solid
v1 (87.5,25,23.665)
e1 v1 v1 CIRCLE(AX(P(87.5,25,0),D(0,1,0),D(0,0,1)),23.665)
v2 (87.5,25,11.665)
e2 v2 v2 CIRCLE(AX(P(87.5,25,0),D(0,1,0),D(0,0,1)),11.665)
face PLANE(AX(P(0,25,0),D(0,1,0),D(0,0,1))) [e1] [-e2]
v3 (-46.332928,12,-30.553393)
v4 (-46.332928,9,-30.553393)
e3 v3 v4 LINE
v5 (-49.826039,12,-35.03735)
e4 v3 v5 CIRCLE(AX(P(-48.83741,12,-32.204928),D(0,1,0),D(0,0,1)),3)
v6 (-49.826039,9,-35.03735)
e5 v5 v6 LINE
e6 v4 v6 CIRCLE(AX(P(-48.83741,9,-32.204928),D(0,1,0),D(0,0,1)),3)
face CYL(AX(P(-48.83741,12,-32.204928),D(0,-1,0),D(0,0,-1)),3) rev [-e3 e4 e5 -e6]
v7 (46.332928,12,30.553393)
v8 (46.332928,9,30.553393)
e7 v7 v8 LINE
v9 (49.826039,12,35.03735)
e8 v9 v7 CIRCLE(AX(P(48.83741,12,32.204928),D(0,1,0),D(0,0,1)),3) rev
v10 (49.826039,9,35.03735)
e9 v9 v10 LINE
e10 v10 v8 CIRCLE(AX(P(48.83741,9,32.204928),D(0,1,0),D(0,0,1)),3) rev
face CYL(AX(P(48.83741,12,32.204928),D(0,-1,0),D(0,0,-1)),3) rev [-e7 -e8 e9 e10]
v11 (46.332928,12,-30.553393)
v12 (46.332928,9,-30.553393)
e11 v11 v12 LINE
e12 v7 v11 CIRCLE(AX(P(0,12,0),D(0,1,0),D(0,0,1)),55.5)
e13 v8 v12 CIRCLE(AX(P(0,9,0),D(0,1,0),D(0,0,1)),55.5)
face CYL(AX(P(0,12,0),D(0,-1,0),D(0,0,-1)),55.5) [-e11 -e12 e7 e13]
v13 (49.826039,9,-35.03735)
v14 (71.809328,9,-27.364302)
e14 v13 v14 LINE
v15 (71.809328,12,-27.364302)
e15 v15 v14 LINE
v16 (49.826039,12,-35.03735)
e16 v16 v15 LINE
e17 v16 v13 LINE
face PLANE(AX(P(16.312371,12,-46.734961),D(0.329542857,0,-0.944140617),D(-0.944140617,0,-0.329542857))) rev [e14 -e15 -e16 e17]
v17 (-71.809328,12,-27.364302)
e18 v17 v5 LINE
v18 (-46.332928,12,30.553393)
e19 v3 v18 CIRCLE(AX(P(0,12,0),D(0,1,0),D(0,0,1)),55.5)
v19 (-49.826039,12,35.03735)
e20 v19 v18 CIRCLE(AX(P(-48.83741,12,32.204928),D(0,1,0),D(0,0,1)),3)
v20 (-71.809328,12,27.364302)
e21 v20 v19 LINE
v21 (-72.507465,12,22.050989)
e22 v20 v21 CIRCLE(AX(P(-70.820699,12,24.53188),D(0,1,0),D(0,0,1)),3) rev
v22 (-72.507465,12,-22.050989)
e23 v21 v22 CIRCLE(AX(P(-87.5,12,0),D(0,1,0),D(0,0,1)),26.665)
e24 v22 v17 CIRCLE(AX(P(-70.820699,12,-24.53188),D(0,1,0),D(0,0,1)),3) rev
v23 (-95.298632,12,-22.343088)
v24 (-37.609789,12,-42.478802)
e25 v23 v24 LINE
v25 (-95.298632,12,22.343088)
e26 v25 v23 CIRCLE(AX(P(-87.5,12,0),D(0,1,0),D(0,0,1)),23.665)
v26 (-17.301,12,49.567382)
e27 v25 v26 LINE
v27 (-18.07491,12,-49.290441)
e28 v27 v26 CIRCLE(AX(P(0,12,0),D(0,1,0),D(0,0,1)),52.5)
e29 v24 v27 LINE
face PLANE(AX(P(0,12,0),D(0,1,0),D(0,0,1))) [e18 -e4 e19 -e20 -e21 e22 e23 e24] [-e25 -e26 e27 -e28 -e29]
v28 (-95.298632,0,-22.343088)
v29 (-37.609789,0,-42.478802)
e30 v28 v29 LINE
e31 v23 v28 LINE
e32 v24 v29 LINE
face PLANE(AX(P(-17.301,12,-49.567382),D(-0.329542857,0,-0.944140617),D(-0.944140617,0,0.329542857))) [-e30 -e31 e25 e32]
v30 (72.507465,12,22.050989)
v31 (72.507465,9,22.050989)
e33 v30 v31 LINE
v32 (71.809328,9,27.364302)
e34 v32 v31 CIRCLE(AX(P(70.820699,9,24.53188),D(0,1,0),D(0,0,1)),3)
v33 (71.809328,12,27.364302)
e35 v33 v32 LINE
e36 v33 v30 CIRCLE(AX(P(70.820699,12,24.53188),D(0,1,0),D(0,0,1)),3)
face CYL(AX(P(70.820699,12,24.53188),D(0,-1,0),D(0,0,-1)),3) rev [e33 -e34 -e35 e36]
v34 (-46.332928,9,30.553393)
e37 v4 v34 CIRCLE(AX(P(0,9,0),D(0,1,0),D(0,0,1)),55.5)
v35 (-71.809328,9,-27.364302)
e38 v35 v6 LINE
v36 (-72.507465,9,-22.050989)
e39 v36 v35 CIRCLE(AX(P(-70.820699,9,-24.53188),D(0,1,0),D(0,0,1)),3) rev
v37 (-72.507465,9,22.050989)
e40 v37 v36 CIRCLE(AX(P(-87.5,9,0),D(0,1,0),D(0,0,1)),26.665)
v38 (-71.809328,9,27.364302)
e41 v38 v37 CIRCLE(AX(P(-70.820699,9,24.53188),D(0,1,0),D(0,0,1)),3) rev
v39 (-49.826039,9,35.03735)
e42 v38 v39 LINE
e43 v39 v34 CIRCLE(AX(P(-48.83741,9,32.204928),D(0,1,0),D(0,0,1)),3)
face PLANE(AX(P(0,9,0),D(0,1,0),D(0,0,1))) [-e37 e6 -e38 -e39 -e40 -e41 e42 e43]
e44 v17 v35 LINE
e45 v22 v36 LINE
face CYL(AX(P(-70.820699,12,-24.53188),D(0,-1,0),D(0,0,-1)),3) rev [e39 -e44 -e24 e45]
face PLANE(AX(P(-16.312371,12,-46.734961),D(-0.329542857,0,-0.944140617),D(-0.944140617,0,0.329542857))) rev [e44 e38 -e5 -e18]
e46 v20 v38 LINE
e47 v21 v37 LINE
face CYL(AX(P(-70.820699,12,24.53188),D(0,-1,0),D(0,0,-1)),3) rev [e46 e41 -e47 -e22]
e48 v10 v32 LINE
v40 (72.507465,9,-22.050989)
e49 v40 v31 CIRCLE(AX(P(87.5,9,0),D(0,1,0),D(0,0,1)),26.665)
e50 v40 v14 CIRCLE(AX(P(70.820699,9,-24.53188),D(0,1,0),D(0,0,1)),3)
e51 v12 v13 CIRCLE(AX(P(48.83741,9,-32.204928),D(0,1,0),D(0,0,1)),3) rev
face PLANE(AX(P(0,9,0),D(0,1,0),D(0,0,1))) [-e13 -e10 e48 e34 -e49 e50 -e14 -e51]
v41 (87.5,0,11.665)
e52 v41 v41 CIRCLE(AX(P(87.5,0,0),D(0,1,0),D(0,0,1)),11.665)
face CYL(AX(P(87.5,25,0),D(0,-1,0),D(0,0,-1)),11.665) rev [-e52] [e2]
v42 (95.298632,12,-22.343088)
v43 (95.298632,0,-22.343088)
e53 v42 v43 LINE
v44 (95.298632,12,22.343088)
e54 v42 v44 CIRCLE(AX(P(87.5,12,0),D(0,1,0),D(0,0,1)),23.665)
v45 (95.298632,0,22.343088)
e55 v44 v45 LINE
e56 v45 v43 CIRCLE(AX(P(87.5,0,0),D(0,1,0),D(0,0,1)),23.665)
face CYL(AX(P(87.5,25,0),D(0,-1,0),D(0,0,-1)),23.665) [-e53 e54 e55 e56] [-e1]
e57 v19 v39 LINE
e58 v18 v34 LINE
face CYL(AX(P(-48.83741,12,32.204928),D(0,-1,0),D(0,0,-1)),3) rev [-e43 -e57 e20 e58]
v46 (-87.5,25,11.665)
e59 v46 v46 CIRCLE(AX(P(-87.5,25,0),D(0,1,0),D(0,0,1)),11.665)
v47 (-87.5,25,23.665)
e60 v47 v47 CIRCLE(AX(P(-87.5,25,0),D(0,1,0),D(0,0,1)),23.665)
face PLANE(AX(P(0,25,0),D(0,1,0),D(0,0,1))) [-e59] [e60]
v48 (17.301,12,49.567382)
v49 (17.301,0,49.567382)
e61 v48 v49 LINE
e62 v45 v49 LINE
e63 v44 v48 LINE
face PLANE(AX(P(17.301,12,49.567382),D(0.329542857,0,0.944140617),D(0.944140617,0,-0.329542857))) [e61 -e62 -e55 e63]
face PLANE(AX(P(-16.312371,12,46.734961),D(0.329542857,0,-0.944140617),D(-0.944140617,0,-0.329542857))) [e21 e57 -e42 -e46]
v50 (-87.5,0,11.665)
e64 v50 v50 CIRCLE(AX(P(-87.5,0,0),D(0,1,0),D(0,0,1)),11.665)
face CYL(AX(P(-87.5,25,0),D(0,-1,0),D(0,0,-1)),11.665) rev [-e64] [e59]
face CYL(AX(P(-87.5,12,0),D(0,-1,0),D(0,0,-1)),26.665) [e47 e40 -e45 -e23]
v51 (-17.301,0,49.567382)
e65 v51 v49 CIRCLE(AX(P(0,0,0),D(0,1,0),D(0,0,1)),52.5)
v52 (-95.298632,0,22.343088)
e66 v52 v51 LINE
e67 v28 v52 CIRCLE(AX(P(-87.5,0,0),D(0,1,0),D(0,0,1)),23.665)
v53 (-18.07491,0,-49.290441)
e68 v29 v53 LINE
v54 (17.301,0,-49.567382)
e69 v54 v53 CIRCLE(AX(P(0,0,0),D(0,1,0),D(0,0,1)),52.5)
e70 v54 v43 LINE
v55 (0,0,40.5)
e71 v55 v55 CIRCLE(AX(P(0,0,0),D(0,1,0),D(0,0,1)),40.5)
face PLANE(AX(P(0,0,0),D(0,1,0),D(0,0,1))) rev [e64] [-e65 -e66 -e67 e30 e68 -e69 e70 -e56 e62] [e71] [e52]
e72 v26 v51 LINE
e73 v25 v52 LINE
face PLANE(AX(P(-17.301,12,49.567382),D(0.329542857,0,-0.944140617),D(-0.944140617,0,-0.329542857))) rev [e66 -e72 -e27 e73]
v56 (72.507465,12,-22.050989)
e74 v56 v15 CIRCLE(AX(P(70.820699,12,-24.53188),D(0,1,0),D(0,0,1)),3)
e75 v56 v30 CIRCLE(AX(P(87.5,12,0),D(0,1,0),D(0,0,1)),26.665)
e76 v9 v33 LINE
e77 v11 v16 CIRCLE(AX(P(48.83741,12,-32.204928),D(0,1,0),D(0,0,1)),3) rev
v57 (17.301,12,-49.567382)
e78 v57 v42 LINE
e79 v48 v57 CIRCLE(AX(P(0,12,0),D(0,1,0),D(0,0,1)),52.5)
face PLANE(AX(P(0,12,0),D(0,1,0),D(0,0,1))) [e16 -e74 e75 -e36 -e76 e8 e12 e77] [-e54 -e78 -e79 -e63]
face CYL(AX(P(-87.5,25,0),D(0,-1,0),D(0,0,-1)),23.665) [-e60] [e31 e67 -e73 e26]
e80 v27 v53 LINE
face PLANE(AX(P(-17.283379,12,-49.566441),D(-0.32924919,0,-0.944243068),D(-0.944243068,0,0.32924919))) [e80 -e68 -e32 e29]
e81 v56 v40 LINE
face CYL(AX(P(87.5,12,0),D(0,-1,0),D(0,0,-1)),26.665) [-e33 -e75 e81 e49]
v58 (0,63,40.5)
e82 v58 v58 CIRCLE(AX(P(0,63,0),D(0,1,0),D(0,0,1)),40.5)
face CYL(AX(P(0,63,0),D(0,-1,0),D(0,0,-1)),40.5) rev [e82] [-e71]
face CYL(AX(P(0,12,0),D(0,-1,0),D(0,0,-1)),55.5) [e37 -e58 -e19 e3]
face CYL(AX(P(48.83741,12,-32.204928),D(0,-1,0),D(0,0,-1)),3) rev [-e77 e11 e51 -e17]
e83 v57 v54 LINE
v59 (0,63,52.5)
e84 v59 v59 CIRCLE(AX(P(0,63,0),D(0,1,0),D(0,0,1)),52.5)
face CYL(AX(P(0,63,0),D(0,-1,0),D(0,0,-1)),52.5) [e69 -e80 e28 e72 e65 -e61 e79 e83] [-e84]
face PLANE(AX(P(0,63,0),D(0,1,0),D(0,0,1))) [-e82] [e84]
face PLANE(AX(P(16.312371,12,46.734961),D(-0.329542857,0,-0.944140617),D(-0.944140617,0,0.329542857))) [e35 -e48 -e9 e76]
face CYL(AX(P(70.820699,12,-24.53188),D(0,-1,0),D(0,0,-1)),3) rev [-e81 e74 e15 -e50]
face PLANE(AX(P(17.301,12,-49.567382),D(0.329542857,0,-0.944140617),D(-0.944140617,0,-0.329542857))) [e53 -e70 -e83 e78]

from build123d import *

# Parameters (mm, degrees)
BOSS_EXTRUDE1_DEPTH = 12
BOSS_EXTRUDE2_DEPTH = 9
BOSS_EXTRUDE3_DEPTH = 12
SKETCH1_5_R         = 40.5
BOSS_EXTRUDE4_DEPTH = 63
SKETCH1_6_R         = 23.665
SKETCH1_6_R_2       = 11.665
BOSS_EXTRUDE5_DEPTH = 25


with BuildPart() as part:
    # Sketch1 → Boss-Extrude1 (new body)
    with BuildSketch(Plane(origin=(0, 0, 0), x_dir=(1, 0, 0), z_dir=(0, 1, 0))):
        with BuildLine():
            Line((95.298631714, 22.343087709), (17.301, 49.56738241))
            ThreePointArc((17.301, 49.56738241), (42.805096075, 30.396936523), (52.5, 0))
            ThreePointArc((52.5, 0), (42.805096075, -30.396936523), (17.301, -49.56738241))
            Line((17.301, -49.56738241), (95.298631714, -22.343087709))
            ThreePointArc((95.298631714, -22.343087709), (63.835, 0), (95.298631714, 22.343087709))
        make_face()
        with BuildLine():
            Line((71.809327621, -27.364302024), (49.82603874, -35.037349549))
            ThreePointArc((49.82603874, -35.037349549), (46.470783868, -34.048587089), (46.332927596, -30.553392944))
            ThreePointArc((46.332927596, -30.553392944), (55.5, 0), (46.332927596, 30.553392944))
            ThreePointArc((46.332927596, 30.553392944), (46.470783868, 34.048587089), (49.82603874, 35.037349549))
            Line((49.82603874, 35.037349549), (71.809327621, 27.364302024))
            ThreePointArc((71.809327621, 27.364302024), (73.795133067, 24.922702734), (72.507464694, 22.050988869))
            ThreePointArc((72.507464694, 22.050988869), (60.835, 0), (72.507464694, -22.050988869))
            ThreePointArc((72.507464694, -22.050988869), (73.795133067, -24.922702734), (71.809327621, -27.364302024))
        make_face(mode=Mode.SUBTRACT)
    extrude(amount=BOSS_EXTRUDE1_DEPTH)

    # Sketch1<3> → Boss-Extrude2 (add)
    with BuildSketch(Plane(origin=(0, 0, 0), x_dir=(1, 0, 0), z_dir=(0, 1, 0))):
        with BuildLine():
            Line((-49.82603874, 35.037349549), (-71.809327621, 27.364302024))
            ThreePointArc((-71.809327621, 27.364302024), (-73.795133067, 24.922702734), (-72.507464694, 22.050988869))
            ThreePointArc((-72.507464694, 22.050988869), (-60.835, 0), (-72.507464694, -22.050988869))
            ThreePointArc((-72.507464694, -22.050988869), (-73.795133067, -24.922702734), (-71.809327621, -27.364302024))
            Line((-71.809327621, -27.364302024), (-49.82603874, -35.037349549))
            ThreePointArc((-49.82603874, -35.037349549), (-46.470783868, -34.048587089), (-46.332927596, -30.553392944))
            ThreePointArc((-46.332927596, -30.553392944), (-55.5, 0), (-46.332927596, 30.553392944))
            ThreePointArc((-46.332927596, 30.553392944), (-46.470783868, 34.048587089), (-49.82603874, 35.037349549))
        make_face()
        with BuildLine():
            ThreePointArc((46.332927596, -30.553392944), (46.470783868, -34.048587089), (49.82603874, -35.037349549))
            Line((49.82603874, -35.037349549), (71.809327621, -27.364302024))
            ThreePointArc((71.809327621, -27.364302024), (73.795133067, -24.922702734), (72.507464694, -22.050988869))
            ThreePointArc((72.507464694, -22.050988869), (60.835, 0), (72.507464694, 22.050988869))
            ThreePointArc((72.507464694, 22.050988869), (73.795133067, 24.922702734), (71.809327621, 27.364302024))
            Line((71.809327621, 27.364302024), (49.82603874, 35.037349549))
            ThreePointArc((49.82603874, 35.037349549), (46.470783868, 34.048587089), (46.332927596, 30.553392944))
            ThreePointArc((46.332927596, 30.553392944), (55.5, 0), (46.332927596, -30.553392944))
        make_face()
    extrude(amount=BOSS_EXTRUDE2_DEPTH)


with BuildPart() as boss_extrude2_piece_1:
    # of the separate pieces the step leaves, piece 1, a body of its own (boss_extrude2_pieces)
    add(part.part.solids().sort_by_distance((17.301, 0, 49.56738241))[0])



with BuildPart() as boss_extrude2_piece_2:
    # of the separate pieces the step leaves, piece 2, a body of its own (boss_extrude2_pieces)
    add(part.part.solids().sort_by_distance((-46.332927596, 0, -30.553392944))[0])

    # Sketch1<4> → Boss-Extrude3 (add)
    with BuildSketch(Plane(origin=(0, 0, 0), x_dir=(1, 0, 0), z_dir=(0, 1, 0))):
        with BuildLine():
            Line((-37.609789084, 42.478802323), (-95.298631714, 22.343087709))
            ThreePointArc((-95.298631714, 22.343087709), (-73.798218994, 19.29490664), (-63.835, 0))
            ThreePointArc((-63.835, 0), (-73.798218994, -19.29490664), (-95.298631714, -22.343087709))
            Line((-95.298631714, -22.343087709), (-17.301, -49.56738241))
            ThreePointArc((-17.301, -49.56738241), (-52.498391324, -0.410984604), (-18.074910259, 49.290441458))
            Line((-18.074910259, 49.290441458), (-37.609789084, 42.478802323))
        make_face()
        with BuildLine():
            ThreePointArc((-72.507464694, 22.050988869), (-73.795133067, 24.922702734), (-71.809327621, 27.364302024))
            Line((-71.809327621, 27.364302024), (-49.82603874, 35.037349549))
            ThreePointArc((-49.82603874, 35.037349549), (-46.470783868, 34.048587089), (-46.332927596, 30.553392944))
            ThreePointArc((-46.332927596, 30.553392944), (-55.5, 0), (-46.332927596, -30.553392944))
            ThreePointArc((-46.332927596, -30.553392944), (-46.470783868, -34.048587089), (-49.82603874, -35.037349549))
            Line((-49.82603874, -35.037349549), (-71.809327621, -27.364302024))
            ThreePointArc((-71.809327621, -27.364302024), (-73.795133067, -24.922702734), (-72.507464694, -22.050988869))
            ThreePointArc((-72.507464694, -22.050988869), (-60.835, 0), (-72.507464694, 22.050988869))
        make_face(mode=Mode.SUBTRACT)
    extrude(amount=BOSS_EXTRUDE3_DEPTH)


with BuildPart() as boss_extrude2_piece_1_1:
    add(boss_extrude2_piece_1.part)

    add(boss_extrude2_piece_2.part)  # Boss-Extrude4 merges Boss-Extrude2 piece 2
    # Sketch1<5> → Boss-Extrude4 (add)
    with BuildSketch(Plane(origin=(0, 0, 0), x_dir=(1, 0, 0), z_dir=(0, 1, 0))):
        with BuildLine():
            ThreePointArc((17.301, 49.56738241), (-0.410984604, 52.498391324), (-18.074910259, 49.290441458))
            ThreePointArc((-18.074910259, 49.290441458), (-52.498391324, -0.410984604), (-17.301, -49.56738241))
            ThreePointArc((-17.301, -49.56738241), (0, -52.5), (17.301, -49.56738241))
            ThreePointArc((17.301, -49.56738241), (42.805096075, -30.396936523), (52.5, 0))
            ThreePointArc((52.5, 0), (42.805096075, 30.396936523), (17.301, 49.56738241))
        make_face()
        Circle(SKETCH1_5_R, mode=Mode.SUBTRACT)
    extrude(amount=BOSS_EXTRUDE4_DEPTH)

    # Sketch1<6> → Boss-Extrude5 (add)
    # profile 1 of 2: a face of its own
    with BuildSketch(Plane(origin=(0, 0, 0), x_dir=(1, 0, 0), z_dir=(0, 1, 0))):
        with Locations((-87.5, 0)):
            Circle(SKETCH1_6_R)
        with Locations((-87.5, 0)):
            Circle(SKETCH1_6_R_2, mode=Mode.SUBTRACT)
    # profile 2 of 2: a face of its own
    with BuildSketch(Plane(origin=(0, 0, 0), x_dir=(1, 0, 0), z_dir=(0, 1, 0))):
        with Locations((87.5, 0)):
            Circle(SKETCH1_6_R)
        with Locations((87.5, 0)):
            Circle(SKETCH1_6_R_2, mode=Mode.SUBTRACT)
    extrude(amount=BOSS_EXTRUDE5_DEPTH)


solid = boss_extrude2_piece_1_1.part
